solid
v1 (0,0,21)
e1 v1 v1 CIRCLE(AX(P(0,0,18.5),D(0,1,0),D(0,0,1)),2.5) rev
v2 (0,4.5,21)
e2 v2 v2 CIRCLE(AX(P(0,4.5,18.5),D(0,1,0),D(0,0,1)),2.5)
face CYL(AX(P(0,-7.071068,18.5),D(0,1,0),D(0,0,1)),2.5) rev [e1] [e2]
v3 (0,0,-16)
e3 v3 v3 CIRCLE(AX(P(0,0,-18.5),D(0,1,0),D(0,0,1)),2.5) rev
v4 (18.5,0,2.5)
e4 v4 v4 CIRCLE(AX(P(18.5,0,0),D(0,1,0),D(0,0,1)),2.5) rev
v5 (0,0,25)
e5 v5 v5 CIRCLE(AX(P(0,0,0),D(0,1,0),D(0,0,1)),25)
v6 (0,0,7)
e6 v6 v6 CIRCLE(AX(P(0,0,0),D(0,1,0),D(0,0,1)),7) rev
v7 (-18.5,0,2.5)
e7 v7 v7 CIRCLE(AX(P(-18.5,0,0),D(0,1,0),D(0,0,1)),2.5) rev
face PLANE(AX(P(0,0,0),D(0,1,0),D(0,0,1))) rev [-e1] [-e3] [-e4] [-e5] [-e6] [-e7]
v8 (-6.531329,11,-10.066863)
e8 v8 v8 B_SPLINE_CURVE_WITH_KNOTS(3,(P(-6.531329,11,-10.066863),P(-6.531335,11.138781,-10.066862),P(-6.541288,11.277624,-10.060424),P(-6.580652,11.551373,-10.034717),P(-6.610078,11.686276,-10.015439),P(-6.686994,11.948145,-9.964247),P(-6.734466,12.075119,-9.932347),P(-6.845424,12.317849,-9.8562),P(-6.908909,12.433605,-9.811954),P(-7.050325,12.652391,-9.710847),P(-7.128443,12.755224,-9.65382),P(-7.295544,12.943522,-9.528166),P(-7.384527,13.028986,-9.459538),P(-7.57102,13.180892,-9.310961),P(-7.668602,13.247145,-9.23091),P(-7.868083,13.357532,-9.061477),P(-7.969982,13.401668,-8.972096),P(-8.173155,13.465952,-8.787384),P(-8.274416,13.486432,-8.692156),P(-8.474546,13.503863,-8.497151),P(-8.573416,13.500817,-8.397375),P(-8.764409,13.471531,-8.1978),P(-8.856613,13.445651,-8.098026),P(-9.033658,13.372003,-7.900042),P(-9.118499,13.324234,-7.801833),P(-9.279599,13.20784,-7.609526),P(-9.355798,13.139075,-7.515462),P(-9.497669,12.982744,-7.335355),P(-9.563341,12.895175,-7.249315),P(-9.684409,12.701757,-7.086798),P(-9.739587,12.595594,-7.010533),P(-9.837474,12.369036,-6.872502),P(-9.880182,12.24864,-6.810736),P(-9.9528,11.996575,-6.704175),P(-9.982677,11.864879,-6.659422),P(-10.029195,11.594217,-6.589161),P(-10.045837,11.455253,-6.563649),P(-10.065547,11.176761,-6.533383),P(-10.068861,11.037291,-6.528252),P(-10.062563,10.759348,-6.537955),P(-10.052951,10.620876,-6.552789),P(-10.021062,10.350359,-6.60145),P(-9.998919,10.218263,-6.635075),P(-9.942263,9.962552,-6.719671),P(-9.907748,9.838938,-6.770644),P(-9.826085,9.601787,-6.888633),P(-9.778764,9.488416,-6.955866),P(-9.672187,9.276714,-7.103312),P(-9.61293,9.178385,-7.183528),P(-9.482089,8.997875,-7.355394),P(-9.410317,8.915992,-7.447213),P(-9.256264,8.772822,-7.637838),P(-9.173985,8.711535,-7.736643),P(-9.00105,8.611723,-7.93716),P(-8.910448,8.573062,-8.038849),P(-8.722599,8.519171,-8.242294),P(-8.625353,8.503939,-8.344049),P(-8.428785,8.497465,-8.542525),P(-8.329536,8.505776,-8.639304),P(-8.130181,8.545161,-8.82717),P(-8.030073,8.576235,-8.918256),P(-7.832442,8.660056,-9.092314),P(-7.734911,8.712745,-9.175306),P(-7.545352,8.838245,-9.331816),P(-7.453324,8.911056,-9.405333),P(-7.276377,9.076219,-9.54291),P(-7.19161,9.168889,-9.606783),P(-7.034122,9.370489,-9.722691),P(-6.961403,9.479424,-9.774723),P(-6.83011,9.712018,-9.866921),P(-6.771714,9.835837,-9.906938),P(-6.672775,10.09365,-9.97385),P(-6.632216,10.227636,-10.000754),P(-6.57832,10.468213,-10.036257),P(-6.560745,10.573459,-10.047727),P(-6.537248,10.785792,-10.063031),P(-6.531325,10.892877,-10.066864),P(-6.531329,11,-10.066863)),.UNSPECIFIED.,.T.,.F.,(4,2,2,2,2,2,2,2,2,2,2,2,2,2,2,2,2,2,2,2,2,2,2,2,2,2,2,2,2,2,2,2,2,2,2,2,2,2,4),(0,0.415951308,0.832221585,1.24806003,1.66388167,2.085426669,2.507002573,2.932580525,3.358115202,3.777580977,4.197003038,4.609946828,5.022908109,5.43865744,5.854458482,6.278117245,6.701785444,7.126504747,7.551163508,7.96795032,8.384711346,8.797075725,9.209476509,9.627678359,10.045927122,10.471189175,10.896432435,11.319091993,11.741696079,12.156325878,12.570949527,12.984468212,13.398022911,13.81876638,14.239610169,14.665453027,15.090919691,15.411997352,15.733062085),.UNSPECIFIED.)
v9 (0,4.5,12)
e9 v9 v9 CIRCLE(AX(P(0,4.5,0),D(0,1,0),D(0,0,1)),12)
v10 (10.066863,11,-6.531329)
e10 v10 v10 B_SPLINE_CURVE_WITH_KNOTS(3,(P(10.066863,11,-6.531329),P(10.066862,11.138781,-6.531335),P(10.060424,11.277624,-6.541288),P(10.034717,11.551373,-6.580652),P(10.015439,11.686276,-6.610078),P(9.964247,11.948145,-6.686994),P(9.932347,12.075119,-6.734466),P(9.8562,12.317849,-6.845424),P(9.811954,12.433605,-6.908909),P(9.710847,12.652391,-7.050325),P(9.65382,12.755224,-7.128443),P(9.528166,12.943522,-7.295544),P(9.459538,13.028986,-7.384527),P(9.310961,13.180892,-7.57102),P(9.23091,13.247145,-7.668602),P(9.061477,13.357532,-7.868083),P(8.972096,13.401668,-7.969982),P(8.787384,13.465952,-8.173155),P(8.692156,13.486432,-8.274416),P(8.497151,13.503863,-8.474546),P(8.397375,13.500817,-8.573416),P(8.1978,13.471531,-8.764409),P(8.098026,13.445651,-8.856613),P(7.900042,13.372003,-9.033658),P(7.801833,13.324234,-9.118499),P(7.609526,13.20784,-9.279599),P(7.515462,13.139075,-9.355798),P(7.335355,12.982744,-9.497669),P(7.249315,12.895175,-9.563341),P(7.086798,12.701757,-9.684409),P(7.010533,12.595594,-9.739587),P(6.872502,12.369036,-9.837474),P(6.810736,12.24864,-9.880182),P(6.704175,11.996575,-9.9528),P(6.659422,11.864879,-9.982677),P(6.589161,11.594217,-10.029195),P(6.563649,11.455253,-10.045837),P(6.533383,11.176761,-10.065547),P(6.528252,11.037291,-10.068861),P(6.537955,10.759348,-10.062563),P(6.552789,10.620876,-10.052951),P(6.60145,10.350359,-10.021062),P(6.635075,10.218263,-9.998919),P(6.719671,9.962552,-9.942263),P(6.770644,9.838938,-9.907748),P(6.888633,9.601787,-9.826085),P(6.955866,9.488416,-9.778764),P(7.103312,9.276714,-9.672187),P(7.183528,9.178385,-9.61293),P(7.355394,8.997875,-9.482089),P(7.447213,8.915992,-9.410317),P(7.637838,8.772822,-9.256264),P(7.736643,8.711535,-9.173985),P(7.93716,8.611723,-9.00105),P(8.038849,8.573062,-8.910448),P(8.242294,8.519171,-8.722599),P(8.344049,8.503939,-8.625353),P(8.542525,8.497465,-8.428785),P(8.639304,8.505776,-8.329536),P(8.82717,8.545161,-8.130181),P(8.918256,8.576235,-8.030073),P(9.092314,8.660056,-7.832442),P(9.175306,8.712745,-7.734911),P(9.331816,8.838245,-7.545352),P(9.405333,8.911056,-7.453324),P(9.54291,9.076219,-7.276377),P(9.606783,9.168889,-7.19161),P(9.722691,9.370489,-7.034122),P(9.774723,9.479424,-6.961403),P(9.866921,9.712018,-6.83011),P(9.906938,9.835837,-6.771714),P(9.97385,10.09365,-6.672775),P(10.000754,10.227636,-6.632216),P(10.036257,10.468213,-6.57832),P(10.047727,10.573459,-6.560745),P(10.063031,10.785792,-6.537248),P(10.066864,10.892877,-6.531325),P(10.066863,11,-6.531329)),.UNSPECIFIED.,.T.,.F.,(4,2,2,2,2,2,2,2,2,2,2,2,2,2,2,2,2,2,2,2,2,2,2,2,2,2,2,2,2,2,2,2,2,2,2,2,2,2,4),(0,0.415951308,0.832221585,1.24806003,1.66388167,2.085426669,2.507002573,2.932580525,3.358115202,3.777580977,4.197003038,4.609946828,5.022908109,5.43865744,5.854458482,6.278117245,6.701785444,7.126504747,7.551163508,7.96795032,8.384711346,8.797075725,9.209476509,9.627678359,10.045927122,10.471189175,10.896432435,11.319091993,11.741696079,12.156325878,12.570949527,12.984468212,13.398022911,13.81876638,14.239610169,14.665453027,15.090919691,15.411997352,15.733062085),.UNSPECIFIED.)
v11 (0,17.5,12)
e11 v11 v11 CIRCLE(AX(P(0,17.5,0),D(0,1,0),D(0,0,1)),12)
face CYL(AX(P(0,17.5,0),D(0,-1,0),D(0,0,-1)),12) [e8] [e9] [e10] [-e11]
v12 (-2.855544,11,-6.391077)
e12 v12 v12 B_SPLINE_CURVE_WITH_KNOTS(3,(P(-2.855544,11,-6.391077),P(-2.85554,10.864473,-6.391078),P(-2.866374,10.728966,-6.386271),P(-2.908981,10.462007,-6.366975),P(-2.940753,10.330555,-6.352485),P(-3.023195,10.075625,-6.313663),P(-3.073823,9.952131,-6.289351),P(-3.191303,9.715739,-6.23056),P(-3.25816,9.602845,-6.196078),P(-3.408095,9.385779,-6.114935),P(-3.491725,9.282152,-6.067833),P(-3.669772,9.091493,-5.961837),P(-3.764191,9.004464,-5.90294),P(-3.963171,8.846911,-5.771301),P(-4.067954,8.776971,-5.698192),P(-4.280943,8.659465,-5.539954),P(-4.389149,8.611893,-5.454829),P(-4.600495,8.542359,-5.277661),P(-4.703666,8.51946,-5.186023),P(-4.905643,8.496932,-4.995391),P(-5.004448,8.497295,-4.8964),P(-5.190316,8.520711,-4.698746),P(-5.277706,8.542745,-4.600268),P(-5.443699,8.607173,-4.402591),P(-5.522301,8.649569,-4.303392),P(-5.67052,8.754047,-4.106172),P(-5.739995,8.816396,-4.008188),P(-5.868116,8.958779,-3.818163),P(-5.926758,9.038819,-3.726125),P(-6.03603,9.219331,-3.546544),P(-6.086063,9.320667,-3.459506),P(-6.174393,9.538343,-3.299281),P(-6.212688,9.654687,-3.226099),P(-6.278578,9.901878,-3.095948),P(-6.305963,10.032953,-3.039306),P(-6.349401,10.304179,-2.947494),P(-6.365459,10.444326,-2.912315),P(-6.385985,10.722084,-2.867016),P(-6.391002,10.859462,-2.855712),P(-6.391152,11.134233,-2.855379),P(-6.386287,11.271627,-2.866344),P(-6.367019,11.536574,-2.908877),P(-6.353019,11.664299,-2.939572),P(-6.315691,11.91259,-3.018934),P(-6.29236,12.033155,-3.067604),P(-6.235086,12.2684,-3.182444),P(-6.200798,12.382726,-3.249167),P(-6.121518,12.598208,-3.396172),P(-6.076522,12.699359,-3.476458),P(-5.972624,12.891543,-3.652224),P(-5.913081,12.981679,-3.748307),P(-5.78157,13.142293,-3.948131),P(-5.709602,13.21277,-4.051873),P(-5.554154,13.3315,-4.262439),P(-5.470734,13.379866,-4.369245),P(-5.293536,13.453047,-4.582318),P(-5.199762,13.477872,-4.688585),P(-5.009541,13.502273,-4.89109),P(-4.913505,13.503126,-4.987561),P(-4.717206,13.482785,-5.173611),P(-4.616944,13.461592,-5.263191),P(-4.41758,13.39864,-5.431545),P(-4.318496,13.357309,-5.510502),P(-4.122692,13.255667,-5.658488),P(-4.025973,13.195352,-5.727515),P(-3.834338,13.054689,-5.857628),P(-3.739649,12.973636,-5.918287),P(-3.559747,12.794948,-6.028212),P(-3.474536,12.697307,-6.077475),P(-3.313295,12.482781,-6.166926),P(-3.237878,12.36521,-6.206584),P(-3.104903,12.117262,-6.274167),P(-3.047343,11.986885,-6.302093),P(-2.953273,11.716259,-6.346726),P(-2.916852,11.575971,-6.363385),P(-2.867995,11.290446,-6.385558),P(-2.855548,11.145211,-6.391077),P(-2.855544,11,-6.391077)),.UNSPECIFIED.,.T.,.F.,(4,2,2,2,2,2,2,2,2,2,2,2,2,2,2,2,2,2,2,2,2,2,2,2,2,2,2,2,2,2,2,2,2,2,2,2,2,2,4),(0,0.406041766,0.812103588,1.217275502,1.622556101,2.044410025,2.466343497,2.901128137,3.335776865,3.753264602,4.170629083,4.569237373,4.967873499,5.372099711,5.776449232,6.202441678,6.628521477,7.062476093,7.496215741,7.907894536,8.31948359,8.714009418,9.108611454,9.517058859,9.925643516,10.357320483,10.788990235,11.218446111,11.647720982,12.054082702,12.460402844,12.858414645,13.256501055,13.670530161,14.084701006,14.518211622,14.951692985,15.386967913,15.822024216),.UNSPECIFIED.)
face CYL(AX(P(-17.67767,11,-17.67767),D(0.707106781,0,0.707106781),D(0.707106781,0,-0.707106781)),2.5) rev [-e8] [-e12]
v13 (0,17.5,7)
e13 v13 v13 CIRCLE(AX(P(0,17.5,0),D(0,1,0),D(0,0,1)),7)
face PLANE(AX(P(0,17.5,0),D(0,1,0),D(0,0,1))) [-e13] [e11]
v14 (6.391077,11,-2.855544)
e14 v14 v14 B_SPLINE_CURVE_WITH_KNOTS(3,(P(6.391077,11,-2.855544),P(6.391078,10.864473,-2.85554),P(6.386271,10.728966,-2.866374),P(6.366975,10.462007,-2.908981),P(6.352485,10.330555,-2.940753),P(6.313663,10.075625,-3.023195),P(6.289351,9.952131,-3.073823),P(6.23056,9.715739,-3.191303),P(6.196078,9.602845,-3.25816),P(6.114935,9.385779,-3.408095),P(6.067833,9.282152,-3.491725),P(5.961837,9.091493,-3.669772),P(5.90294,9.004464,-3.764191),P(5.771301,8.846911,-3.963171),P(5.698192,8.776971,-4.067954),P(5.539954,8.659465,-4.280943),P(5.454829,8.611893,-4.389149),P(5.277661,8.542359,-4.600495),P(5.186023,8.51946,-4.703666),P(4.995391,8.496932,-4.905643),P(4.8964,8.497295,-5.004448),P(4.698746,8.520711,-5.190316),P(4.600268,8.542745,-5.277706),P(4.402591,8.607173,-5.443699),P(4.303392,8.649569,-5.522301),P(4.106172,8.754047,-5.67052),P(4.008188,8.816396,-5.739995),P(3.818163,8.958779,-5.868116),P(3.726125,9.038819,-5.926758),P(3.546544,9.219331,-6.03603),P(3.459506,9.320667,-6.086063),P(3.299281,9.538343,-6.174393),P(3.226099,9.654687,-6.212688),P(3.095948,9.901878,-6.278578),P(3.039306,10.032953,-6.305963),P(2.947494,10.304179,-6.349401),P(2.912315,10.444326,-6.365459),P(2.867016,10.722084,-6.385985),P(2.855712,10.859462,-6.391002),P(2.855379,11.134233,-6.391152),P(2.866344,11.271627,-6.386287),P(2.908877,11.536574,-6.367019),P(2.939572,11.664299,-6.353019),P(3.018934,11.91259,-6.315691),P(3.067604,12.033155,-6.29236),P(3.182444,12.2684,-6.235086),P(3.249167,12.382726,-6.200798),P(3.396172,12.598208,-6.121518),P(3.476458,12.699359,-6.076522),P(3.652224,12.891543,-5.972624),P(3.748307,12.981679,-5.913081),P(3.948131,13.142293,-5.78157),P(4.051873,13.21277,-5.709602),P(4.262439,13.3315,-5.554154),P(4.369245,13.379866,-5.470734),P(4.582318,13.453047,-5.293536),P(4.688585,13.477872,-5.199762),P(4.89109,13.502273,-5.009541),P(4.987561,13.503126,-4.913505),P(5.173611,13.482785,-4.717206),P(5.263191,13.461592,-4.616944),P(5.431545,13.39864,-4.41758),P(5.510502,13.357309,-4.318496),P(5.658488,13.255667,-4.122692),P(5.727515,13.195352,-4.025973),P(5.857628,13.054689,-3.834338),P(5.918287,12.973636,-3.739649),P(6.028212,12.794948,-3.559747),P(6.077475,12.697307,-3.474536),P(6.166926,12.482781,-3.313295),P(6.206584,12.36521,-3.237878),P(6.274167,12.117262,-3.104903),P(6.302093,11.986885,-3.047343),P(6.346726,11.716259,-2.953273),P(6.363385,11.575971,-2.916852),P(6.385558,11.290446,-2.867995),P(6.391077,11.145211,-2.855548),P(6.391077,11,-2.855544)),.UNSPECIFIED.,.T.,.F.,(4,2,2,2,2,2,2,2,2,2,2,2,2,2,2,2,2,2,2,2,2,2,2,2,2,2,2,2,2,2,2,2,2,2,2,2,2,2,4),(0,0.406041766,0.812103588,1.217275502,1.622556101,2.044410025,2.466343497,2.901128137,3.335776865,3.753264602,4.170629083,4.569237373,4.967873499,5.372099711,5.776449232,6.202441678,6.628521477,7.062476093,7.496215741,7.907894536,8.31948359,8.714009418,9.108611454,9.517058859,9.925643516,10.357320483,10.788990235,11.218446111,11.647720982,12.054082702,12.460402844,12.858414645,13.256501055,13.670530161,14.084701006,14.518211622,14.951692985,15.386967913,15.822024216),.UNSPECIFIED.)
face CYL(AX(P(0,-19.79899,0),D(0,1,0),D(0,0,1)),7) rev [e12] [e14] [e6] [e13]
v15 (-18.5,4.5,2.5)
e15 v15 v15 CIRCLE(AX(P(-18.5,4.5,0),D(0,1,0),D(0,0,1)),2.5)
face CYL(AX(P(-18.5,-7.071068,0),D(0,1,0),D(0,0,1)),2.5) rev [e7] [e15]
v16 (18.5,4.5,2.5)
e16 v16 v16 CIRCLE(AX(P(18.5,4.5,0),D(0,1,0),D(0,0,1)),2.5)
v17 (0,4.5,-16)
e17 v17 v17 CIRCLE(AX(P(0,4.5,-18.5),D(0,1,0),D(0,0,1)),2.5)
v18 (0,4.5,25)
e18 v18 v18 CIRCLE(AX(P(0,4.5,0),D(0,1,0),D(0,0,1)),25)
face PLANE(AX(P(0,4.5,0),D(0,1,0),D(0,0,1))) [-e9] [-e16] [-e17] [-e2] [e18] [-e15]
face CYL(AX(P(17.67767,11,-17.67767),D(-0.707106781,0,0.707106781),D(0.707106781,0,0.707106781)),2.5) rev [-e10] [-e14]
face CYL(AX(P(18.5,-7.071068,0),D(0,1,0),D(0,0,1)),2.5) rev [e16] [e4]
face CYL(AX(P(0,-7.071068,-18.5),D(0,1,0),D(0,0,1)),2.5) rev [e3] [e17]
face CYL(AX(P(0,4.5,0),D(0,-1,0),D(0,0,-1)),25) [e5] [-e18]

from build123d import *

# Parameters (mm, degrees)
SKETCH1_R           = 25
BOSS_EXTRUDE1_DEPTH = 4.5
SKETCH2_R           = 12
BOSS_EXTRUDE2_DEPTH = 13
SKETCH3_R           = 7
CUT_EXTRUDE1_DEPTH  = 17.5
SKETCH4_R           = 2.5
CUT_EXTRUDE2_DEPTH  = 4.5
SKETCH5_R           = 2.5
CUT_EXTRUDE3_DEPTH  = 25
CIRPATTERN1_COUNT   = 2
CIRPATTERN1_ANGLE   = 90


with BuildPart() as part:
    # Sketch1 → Boss-Extrude1 (new body)
    with BuildSketch(Plane(origin=(0, 0, 0), x_dir=(1, 0, 0), z_dir=(0, 1, 0))):
        Circle(SKETCH1_R)
    extrude(amount=BOSS_EXTRUDE1_DEPTH)

    # Sketch2 → Boss-Extrude2 (add)
    with BuildSketch(Plane(origin=(0, 4.5, 0), x_dir=(1, 0, 0), z_dir=(0, 1, 0))):
        Circle(SKETCH2_R)
    extrude(amount=BOSS_EXTRUDE2_DEPTH)

    # Sketch3 → Cut-Extrude1 (cut)
    with BuildSketch(Plane(origin=(0, 17.5, 0), x_dir=(1, 0, 0), z_dir=(0, 1, 0))):
        Circle(SKETCH3_R)
    extrude(amount=-CUT_EXTRUDE1_DEPTH, mode=Mode.SUBTRACT)

    # Sketch4 → Cut-Extrude2 (cut)
    with BuildSketch(Plane(origin=(0, 4.5, 0), x_dir=(1, 0, 0), z_dir=(0, 1, 0))):
        with Locations((-18.5, 0)):
            Circle(SKETCH4_R)
        with Locations((0, 18.5)):
            Circle(SKETCH4_R)
        with Locations((18.5, 0)):
            Circle(SKETCH4_R)
        with Locations((0, -18.5)):
            Circle(SKETCH4_R)
    extrude(amount=-CUT_EXTRUDE2_DEPTH, mode=Mode.SUBTRACT)

    # Sketch5 → Cut-Extrude3 (cut)
    with BuildSketch(Plane(origin=(0, 0, 0), x_dir=(0.707106781, 0, 0.707106781), z_dir=(-0.707106781, 0, 0.707106781))):
        with Locations((0, 11)):
            Circle(SKETCH5_R)
    cut_extrude3 = extrude(amount=-CUT_EXTRUDE3_DEPTH, mode=Mode.SUBTRACT)

    # CirPattern1: Cut-Extrude3 ×2 about axis
    cirpattern1_axis = Axis((0, 17.5, 0), (0, 1, 0))
    for i in range(1, CIRPATTERN1_COUNT):
        add(cut_extrude3.rotate(cirpattern1_axis, i * CIRPATTERN1_ANGLE / (CIRPATTERN1_COUNT - 1)), mode=Mode.SUBTRACT)


solid = part.part
